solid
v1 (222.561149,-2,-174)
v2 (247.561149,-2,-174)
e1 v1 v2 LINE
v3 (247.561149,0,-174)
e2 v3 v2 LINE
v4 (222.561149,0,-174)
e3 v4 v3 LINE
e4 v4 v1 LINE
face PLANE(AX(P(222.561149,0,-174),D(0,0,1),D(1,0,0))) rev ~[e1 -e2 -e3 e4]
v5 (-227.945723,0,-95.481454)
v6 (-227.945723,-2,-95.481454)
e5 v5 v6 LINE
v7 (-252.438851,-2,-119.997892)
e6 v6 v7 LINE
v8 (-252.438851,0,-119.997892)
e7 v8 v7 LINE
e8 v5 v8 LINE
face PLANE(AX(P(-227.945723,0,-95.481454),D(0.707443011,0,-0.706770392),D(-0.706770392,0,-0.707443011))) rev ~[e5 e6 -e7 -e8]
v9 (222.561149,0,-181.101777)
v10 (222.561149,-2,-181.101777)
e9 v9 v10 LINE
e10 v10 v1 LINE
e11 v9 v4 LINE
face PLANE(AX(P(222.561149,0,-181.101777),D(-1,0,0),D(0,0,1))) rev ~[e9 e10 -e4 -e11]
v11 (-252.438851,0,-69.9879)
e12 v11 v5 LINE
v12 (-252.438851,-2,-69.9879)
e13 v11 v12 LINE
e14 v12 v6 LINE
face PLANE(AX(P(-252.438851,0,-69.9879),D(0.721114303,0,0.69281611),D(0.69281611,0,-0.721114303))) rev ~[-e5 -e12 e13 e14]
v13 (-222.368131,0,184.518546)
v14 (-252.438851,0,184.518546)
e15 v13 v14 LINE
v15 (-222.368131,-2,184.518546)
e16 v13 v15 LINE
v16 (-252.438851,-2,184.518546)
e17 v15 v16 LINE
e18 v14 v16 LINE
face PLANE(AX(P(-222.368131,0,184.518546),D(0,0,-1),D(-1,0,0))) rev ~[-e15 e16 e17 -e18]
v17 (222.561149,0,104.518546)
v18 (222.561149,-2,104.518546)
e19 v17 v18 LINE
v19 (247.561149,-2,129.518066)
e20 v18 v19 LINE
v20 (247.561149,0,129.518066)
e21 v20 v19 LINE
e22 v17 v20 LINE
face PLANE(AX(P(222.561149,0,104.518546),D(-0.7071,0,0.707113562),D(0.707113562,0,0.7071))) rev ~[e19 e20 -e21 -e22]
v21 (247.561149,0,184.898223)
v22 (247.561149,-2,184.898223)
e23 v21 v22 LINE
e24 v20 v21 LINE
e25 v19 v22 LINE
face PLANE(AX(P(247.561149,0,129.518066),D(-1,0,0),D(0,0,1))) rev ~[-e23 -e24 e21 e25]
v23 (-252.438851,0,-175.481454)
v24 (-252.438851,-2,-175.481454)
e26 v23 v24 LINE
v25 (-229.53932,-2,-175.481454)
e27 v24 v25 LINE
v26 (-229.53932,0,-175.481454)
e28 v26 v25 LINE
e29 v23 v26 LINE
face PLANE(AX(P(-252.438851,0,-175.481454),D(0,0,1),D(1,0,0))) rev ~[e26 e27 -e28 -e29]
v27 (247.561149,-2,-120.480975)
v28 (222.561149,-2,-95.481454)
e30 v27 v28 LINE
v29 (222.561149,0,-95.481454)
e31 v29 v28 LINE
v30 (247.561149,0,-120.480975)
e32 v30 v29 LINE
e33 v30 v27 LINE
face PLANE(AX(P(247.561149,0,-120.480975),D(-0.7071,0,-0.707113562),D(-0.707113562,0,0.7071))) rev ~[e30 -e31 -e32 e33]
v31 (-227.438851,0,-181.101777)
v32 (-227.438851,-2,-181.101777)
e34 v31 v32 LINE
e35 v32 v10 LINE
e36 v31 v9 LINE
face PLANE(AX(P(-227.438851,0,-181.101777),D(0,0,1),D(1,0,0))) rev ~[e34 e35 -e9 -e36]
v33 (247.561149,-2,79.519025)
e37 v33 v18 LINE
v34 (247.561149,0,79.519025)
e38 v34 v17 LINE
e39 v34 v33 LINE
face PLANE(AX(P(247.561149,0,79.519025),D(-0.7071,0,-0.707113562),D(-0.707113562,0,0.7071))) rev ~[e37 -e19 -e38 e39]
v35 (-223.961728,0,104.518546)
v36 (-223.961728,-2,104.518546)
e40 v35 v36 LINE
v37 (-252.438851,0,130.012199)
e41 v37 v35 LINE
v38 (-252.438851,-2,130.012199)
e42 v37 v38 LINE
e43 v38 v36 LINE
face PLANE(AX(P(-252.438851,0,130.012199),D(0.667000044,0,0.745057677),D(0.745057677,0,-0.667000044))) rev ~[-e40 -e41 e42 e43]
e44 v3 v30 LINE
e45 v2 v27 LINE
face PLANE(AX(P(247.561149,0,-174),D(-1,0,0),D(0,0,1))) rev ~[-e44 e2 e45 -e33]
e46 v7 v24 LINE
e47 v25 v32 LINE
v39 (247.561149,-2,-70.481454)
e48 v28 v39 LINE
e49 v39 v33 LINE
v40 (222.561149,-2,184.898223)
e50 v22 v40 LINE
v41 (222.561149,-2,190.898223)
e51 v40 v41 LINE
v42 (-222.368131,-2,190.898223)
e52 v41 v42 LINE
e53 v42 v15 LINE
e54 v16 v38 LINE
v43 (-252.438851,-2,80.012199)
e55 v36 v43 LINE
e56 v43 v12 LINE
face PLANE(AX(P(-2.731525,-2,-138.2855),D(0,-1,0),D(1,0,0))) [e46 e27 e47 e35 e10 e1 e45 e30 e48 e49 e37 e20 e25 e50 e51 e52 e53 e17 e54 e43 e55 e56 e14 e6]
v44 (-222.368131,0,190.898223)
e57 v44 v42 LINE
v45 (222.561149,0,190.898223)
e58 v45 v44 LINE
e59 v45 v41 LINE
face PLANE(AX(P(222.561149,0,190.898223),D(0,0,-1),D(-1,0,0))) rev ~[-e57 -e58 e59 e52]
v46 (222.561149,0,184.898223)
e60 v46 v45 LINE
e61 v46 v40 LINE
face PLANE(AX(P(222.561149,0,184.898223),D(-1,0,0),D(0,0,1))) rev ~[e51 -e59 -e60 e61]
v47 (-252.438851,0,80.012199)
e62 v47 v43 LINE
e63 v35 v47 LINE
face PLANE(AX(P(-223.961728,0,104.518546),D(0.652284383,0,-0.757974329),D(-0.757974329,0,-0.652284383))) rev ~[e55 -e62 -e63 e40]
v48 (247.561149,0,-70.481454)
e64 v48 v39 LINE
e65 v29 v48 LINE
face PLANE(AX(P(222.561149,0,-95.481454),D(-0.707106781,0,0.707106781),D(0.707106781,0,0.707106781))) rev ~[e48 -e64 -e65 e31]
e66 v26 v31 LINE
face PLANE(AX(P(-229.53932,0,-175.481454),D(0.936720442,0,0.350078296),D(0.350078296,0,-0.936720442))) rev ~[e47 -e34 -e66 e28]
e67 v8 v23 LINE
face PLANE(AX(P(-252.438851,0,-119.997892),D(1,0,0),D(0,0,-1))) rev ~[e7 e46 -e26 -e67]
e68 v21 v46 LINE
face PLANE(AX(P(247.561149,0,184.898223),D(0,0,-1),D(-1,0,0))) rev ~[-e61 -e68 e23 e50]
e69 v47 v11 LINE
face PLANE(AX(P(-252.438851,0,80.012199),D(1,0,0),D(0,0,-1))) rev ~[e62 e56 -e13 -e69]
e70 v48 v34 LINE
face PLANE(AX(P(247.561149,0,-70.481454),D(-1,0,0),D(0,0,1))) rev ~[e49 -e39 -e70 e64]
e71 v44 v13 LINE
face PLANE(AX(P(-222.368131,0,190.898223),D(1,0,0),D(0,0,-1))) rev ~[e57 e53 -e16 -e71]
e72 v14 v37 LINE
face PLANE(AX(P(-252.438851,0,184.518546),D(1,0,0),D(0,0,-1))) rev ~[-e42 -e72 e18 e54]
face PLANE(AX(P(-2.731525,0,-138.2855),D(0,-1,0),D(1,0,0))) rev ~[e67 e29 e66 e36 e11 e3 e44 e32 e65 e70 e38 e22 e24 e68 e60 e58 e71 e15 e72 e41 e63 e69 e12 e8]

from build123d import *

# Parameters (mm, degrees)
F1_DEPTH = 2


with BuildPart() as f1:
    # F0 (on Front) → F1 (new body)
    with BuildSketch(Plane.XZ):
        Polygon((-227.4388505794, -181.1017769552), (222.5611494206, -181.1017769552), (222.5611494206, -180), (222.5611494206, -174), (222.5611494206, -95.4814543019), (-227.9457226594, -95.4814543019), (-228.4436108258, -120.4758763271), (-229.5393203537, -175.4814543019), align=None)
        Polygon((-252.4388505794, -175.4814543019), (-229.5393203537, -175.4814543019), (-228.4436108258, -120.4758763271), (-227.9457226594, -95.4814543019), (-252.4388505794, -119.9978918428), align=None)
        Polygon((222.5611494206, -95.4814543019), (222.5611494206, -174), (247.5611494206, -174), (247.5611494206, -120.4809747973), align=None)
        Polygon((-227.9457226594, -95.4814543019), (222.5611494206, -95.4814543019), (222.5611494206, 104.5185456981), (-223.9617284237, 104.5185456981), (-224.4604191271, 79.4838356114), (-227.447808376, -70.4857211787), align=None)
        Polygon((222.5611494206, 104.5185456981), (222.5611494206, -95.4814543019), (247.5611494206, -70.4814543019), (247.5611494206, 79.5190252027), align=None)
        Polygon((-252.4388505794, -69.9879003383), (-227.9457226594, -95.4814543019), (-227.447808376, -70.4857211787), (-224.4604191271, 79.4838356114), (-223.9617284237, 104.5185456981), (-252.4388505794, 80.0121985117), (-252.4388505794, -15.4814543019), align=None)
        Polygon((-223.9617284237, 104.5185456981), (222.5611494206, 104.5185456981), (222.5611494206, 184.8982230448), (222.5611494206, 190.8982230448), (-222.3681307294, 190.8982230448), (-222.3681307294, 184.5185456981), (-223.4646181181, 129.4739184314), align=None)
        Polygon((222.5611494206, 184.8982230448), (222.5611494206, 104.5185456981), (247.5611494206, 129.5180661935), (247.5611494206, 184.8982230448), align=None)
        Polygon((-252.4388505794, 130.0121985094), (-223.9617284237, 104.5185456981), (-223.4646181181, 129.4739184314), (-222.3681307294, 184.5185456981), (-252.4388505794, 184.5185456981), align=None)
    extrude(amount=F1_DEPTH)


solid = f1.part
